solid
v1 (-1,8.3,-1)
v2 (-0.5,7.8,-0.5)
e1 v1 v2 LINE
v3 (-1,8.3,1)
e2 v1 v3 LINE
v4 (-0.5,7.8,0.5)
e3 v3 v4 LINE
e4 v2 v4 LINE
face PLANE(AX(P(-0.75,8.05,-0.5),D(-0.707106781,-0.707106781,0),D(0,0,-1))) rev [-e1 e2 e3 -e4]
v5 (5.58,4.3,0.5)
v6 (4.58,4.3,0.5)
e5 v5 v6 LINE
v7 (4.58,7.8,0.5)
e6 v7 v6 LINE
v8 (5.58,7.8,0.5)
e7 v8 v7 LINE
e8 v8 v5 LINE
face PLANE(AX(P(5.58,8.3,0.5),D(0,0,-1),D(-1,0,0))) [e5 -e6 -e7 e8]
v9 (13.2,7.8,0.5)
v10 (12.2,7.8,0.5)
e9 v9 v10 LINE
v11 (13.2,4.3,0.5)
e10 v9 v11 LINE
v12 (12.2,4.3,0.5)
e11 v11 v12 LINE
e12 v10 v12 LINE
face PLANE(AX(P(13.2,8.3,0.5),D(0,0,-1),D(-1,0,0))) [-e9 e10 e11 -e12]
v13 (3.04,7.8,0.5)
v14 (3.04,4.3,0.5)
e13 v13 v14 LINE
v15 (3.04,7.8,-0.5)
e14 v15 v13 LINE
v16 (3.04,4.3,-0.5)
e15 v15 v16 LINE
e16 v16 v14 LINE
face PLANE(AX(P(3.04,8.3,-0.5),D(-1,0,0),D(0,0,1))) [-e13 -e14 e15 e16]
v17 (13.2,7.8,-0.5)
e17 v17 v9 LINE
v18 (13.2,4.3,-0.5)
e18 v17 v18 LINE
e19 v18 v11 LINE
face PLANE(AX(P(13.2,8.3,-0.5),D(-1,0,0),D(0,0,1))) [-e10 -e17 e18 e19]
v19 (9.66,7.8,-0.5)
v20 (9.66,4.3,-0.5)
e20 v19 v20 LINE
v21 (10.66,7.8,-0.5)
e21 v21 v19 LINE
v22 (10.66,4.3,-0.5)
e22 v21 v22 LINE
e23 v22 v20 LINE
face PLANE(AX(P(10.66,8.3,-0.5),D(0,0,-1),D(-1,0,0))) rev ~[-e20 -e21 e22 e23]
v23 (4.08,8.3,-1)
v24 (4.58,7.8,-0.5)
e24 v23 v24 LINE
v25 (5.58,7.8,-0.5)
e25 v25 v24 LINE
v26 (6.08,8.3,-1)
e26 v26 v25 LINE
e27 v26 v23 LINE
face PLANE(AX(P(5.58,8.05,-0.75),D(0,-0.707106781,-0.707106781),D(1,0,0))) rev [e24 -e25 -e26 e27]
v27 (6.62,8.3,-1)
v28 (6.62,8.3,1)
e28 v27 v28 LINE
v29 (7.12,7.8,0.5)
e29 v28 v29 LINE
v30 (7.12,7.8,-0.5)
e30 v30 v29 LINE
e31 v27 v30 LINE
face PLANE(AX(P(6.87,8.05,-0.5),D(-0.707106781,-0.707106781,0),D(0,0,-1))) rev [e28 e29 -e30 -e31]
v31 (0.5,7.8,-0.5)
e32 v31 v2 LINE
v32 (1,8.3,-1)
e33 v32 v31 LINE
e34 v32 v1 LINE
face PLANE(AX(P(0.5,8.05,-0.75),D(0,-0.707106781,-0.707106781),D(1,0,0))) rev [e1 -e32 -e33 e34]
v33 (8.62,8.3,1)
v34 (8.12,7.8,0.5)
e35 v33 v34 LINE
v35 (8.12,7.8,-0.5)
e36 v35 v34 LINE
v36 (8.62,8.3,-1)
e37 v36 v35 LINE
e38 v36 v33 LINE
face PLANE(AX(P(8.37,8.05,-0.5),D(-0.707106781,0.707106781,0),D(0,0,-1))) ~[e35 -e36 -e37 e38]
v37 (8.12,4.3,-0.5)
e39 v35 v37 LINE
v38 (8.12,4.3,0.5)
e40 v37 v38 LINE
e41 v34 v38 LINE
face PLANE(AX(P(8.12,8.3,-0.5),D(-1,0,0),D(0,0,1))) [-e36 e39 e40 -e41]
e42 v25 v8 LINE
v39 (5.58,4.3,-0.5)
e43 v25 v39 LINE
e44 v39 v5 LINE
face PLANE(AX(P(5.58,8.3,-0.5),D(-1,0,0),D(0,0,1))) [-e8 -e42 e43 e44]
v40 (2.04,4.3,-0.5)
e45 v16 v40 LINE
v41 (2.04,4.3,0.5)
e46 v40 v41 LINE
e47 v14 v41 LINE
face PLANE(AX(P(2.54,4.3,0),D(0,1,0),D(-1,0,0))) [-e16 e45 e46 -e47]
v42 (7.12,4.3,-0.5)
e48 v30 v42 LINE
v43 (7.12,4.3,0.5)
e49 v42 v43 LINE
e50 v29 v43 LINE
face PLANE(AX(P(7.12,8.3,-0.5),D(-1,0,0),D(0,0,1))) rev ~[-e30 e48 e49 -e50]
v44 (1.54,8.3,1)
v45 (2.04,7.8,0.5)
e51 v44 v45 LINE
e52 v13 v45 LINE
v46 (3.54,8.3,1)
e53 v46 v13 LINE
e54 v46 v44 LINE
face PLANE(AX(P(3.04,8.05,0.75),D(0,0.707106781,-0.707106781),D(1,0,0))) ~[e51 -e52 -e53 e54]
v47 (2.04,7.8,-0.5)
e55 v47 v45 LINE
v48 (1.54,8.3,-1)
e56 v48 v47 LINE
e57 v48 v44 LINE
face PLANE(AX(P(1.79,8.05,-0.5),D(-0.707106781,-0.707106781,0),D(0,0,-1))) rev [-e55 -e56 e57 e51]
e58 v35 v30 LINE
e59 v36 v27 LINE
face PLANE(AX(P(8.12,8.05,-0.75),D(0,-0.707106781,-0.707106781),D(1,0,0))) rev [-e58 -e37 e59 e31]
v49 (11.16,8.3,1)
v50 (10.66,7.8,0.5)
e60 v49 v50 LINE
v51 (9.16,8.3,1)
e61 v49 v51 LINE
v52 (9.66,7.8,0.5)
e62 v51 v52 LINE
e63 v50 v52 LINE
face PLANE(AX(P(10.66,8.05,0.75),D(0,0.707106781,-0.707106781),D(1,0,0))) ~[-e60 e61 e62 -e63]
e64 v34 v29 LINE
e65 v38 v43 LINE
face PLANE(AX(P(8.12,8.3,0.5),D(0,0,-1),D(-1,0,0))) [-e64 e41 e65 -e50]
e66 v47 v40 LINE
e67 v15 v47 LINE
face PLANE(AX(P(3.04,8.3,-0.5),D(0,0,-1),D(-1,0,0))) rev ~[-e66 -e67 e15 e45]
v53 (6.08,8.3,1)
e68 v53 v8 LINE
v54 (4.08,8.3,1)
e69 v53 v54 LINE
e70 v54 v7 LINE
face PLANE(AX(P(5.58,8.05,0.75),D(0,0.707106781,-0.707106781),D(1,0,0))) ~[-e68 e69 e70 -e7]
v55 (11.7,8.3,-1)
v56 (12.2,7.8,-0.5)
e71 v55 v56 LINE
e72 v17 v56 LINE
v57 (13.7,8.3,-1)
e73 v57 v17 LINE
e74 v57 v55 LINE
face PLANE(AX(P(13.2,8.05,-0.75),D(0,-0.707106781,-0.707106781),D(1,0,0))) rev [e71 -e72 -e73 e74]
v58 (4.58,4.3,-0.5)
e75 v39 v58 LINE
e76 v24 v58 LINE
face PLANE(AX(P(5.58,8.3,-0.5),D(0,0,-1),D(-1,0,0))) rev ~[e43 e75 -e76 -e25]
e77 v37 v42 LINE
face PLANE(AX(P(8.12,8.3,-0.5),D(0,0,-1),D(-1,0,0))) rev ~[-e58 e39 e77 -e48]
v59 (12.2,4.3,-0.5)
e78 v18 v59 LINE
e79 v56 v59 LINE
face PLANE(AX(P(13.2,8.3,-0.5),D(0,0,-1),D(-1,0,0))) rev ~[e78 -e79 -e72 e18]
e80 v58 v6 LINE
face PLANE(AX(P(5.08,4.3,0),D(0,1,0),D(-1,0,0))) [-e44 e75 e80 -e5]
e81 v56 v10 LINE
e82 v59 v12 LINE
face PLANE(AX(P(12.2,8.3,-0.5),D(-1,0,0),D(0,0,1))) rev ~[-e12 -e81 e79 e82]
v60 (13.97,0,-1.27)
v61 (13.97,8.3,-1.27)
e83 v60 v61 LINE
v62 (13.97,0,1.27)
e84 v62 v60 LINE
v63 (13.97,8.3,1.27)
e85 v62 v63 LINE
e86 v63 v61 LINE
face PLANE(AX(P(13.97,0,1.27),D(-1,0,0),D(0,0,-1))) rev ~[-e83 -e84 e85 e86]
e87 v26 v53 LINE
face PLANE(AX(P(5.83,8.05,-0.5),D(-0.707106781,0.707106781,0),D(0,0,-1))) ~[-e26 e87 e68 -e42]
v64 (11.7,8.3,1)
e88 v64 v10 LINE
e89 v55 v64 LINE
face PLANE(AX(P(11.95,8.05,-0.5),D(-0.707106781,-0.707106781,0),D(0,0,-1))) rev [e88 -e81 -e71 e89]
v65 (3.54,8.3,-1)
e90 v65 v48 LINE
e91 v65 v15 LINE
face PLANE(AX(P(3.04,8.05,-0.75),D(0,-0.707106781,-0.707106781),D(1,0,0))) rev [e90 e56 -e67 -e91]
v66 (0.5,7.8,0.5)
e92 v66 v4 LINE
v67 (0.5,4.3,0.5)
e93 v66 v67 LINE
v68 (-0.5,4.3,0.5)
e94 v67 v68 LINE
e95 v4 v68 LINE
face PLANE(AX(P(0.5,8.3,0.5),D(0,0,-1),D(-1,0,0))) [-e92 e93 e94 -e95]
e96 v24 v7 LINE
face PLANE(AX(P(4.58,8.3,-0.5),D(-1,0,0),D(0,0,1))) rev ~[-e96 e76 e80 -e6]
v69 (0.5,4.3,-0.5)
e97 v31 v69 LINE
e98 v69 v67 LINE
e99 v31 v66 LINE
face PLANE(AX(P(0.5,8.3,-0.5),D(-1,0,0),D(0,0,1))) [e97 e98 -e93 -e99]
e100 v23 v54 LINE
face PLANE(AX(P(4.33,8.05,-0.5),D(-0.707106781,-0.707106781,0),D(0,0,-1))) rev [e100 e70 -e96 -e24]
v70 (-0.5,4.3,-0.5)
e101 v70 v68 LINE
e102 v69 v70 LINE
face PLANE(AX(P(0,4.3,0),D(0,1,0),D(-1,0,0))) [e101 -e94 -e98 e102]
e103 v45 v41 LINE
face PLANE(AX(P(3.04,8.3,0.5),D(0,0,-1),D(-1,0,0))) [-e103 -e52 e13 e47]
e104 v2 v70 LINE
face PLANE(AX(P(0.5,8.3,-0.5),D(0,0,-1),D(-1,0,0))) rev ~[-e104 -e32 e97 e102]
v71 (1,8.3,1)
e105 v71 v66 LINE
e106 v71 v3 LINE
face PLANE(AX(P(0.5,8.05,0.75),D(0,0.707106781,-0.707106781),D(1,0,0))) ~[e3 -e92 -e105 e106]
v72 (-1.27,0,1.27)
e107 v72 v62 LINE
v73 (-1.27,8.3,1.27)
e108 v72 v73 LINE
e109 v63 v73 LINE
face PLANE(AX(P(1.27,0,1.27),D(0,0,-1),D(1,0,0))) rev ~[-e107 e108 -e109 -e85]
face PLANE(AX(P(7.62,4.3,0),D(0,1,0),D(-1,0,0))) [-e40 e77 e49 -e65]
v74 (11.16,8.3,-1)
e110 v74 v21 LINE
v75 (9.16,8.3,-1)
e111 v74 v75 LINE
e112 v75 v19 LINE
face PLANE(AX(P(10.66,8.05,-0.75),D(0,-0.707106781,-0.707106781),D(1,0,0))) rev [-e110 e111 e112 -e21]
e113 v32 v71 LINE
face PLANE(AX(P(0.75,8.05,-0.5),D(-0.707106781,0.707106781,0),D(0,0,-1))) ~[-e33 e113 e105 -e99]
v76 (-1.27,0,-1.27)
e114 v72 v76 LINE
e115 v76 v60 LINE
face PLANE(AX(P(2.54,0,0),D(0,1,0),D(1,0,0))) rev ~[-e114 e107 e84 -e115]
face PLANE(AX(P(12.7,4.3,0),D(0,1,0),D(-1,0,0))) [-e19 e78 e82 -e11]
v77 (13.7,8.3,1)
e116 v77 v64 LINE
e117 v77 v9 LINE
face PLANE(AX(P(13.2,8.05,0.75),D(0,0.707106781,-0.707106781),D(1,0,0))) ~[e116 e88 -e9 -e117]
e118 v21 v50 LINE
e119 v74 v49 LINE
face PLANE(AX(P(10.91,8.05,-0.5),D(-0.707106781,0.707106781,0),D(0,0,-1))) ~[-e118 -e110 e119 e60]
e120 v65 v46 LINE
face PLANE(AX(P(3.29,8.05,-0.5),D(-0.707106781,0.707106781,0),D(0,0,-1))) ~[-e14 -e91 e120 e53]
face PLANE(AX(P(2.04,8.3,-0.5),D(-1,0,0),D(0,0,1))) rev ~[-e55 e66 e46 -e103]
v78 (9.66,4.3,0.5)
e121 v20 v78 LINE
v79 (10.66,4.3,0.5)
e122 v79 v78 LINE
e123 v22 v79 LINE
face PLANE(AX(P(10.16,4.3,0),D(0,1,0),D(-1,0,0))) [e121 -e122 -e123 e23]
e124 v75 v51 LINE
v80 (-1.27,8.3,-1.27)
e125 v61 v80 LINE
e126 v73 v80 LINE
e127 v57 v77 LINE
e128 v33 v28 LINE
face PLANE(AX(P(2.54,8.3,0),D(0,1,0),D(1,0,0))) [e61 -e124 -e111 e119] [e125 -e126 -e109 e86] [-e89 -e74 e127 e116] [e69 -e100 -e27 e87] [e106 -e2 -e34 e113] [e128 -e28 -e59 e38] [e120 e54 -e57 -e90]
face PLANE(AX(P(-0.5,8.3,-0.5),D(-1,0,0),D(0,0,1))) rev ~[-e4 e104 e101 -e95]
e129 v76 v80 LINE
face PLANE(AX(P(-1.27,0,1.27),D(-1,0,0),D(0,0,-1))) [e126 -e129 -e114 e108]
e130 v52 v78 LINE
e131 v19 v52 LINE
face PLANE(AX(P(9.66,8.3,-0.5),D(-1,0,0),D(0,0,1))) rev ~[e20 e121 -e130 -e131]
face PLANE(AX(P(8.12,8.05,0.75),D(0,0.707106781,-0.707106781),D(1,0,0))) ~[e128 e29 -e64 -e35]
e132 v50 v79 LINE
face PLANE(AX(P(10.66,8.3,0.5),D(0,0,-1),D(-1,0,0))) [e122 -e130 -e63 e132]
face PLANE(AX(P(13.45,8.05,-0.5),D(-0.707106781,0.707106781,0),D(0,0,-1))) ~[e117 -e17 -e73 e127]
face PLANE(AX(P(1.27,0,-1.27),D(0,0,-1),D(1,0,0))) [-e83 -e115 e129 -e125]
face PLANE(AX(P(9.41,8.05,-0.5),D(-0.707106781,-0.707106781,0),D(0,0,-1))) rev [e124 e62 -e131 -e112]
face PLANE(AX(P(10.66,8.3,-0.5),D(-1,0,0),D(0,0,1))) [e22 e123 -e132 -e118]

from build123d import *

# Parameters (mm, degrees)
SKETCH1_W                  = 2.54
SKETCH1_H                  = 2.54
BOSS_EXTRUDE1_DEPTH        = 8.3
SKETCH2_W                  = 1
SKETCH2_H                  = 1
CUT_EXTRUDE1_DEPTH         = 4
CHAMFER1_SIZE              = 0.5
LPATTERN1_COUNT            = 6
LPATTERN1_PITCH            = 2.54
CHAMFER1_OF_LPATTERN1_SIZE = 0.5


with BuildPart() as part:
    # Sketch1 → Boss-Extrude1 (new body)
    with BuildSketch(Plane(origin=(0, 0, 0), x_dir=(1, 0, 0), z_dir=(0, 1, 0))):
        Rectangle(SKETCH1_W, SKETCH1_H)
    boss_extrude1 = extrude(amount=BOSS_EXTRUDE1_DEPTH)

    # Sketch2 → Cut-Extrude1 (cut)
    with BuildSketch(Plane(origin=(0, 8.3, 0), x_dir=(-1, 0, 0), z_dir=(0, 1, 0))):
        Rectangle(SKETCH2_W, SKETCH2_H)
    cut_extrude1 = extrude(amount=-CUT_EXTRUDE1_DEPTH, mode=Mode.SUBTRACT)

    # Chamfer1
    chamfer1_edges = [part.edges().sort_by_distance(p)[0] for p in [
        (0, 8.3, 0.5),
        (0.5, 8.3, 0),
        (0, 8.3, -0.5),
        (-0.5, 8.3, 0),
    ]]
    chamfer(chamfer1_edges, length=CHAMFER1_SIZE)

    # LPattern1: Boss-Extrude1, Cut-Extrude1 ×6
    with Locations(*[(i * LPATTERN1_PITCH, 0, 0) for i in range(1, LPATTERN1_COUNT)]):
        add(boss_extrude1)
        add(cut_extrude1, mode=Mode.SUBTRACT)

    # Chamfer1 of LPattern1
    chamfer1_of_lpattern1_edges = [part.edges().sort_by_distance(p)[0] for p in [
        (2.54, 8.3, 0.5),
        (3.04, 8.3, 0),
        (2.54, 8.3, -0.5),
        (2.04, 8.3, 0),
        (5.08, 8.3, 0.5),
        (5.58, 8.3, 0),
        (5.08, 8.3, -0.5),
        (4.58, 8.3, 0),
        (7.62, 8.3, 0.5),
        (8.12, 8.3, 0),
        (7.62, 8.3, -0.5),
        (7.12, 8.3, 0),
        (10.16, 8.3, 0.5),
        (10.66, 8.3, 0),
        (10.16, 8.3, -0.5),
        (9.66, 8.3, 0),
        (12.7, 8.3, 0.5),
        (13.2, 8.3, 0),
        (12.7, 8.3, -0.5),
        (12.2, 8.3, 0),
    ]]
    chamfer(chamfer1_of_lpattern1_edges, length=CHAMFER1_OF_LPATTERN1_SIZE)


solid = part.part
